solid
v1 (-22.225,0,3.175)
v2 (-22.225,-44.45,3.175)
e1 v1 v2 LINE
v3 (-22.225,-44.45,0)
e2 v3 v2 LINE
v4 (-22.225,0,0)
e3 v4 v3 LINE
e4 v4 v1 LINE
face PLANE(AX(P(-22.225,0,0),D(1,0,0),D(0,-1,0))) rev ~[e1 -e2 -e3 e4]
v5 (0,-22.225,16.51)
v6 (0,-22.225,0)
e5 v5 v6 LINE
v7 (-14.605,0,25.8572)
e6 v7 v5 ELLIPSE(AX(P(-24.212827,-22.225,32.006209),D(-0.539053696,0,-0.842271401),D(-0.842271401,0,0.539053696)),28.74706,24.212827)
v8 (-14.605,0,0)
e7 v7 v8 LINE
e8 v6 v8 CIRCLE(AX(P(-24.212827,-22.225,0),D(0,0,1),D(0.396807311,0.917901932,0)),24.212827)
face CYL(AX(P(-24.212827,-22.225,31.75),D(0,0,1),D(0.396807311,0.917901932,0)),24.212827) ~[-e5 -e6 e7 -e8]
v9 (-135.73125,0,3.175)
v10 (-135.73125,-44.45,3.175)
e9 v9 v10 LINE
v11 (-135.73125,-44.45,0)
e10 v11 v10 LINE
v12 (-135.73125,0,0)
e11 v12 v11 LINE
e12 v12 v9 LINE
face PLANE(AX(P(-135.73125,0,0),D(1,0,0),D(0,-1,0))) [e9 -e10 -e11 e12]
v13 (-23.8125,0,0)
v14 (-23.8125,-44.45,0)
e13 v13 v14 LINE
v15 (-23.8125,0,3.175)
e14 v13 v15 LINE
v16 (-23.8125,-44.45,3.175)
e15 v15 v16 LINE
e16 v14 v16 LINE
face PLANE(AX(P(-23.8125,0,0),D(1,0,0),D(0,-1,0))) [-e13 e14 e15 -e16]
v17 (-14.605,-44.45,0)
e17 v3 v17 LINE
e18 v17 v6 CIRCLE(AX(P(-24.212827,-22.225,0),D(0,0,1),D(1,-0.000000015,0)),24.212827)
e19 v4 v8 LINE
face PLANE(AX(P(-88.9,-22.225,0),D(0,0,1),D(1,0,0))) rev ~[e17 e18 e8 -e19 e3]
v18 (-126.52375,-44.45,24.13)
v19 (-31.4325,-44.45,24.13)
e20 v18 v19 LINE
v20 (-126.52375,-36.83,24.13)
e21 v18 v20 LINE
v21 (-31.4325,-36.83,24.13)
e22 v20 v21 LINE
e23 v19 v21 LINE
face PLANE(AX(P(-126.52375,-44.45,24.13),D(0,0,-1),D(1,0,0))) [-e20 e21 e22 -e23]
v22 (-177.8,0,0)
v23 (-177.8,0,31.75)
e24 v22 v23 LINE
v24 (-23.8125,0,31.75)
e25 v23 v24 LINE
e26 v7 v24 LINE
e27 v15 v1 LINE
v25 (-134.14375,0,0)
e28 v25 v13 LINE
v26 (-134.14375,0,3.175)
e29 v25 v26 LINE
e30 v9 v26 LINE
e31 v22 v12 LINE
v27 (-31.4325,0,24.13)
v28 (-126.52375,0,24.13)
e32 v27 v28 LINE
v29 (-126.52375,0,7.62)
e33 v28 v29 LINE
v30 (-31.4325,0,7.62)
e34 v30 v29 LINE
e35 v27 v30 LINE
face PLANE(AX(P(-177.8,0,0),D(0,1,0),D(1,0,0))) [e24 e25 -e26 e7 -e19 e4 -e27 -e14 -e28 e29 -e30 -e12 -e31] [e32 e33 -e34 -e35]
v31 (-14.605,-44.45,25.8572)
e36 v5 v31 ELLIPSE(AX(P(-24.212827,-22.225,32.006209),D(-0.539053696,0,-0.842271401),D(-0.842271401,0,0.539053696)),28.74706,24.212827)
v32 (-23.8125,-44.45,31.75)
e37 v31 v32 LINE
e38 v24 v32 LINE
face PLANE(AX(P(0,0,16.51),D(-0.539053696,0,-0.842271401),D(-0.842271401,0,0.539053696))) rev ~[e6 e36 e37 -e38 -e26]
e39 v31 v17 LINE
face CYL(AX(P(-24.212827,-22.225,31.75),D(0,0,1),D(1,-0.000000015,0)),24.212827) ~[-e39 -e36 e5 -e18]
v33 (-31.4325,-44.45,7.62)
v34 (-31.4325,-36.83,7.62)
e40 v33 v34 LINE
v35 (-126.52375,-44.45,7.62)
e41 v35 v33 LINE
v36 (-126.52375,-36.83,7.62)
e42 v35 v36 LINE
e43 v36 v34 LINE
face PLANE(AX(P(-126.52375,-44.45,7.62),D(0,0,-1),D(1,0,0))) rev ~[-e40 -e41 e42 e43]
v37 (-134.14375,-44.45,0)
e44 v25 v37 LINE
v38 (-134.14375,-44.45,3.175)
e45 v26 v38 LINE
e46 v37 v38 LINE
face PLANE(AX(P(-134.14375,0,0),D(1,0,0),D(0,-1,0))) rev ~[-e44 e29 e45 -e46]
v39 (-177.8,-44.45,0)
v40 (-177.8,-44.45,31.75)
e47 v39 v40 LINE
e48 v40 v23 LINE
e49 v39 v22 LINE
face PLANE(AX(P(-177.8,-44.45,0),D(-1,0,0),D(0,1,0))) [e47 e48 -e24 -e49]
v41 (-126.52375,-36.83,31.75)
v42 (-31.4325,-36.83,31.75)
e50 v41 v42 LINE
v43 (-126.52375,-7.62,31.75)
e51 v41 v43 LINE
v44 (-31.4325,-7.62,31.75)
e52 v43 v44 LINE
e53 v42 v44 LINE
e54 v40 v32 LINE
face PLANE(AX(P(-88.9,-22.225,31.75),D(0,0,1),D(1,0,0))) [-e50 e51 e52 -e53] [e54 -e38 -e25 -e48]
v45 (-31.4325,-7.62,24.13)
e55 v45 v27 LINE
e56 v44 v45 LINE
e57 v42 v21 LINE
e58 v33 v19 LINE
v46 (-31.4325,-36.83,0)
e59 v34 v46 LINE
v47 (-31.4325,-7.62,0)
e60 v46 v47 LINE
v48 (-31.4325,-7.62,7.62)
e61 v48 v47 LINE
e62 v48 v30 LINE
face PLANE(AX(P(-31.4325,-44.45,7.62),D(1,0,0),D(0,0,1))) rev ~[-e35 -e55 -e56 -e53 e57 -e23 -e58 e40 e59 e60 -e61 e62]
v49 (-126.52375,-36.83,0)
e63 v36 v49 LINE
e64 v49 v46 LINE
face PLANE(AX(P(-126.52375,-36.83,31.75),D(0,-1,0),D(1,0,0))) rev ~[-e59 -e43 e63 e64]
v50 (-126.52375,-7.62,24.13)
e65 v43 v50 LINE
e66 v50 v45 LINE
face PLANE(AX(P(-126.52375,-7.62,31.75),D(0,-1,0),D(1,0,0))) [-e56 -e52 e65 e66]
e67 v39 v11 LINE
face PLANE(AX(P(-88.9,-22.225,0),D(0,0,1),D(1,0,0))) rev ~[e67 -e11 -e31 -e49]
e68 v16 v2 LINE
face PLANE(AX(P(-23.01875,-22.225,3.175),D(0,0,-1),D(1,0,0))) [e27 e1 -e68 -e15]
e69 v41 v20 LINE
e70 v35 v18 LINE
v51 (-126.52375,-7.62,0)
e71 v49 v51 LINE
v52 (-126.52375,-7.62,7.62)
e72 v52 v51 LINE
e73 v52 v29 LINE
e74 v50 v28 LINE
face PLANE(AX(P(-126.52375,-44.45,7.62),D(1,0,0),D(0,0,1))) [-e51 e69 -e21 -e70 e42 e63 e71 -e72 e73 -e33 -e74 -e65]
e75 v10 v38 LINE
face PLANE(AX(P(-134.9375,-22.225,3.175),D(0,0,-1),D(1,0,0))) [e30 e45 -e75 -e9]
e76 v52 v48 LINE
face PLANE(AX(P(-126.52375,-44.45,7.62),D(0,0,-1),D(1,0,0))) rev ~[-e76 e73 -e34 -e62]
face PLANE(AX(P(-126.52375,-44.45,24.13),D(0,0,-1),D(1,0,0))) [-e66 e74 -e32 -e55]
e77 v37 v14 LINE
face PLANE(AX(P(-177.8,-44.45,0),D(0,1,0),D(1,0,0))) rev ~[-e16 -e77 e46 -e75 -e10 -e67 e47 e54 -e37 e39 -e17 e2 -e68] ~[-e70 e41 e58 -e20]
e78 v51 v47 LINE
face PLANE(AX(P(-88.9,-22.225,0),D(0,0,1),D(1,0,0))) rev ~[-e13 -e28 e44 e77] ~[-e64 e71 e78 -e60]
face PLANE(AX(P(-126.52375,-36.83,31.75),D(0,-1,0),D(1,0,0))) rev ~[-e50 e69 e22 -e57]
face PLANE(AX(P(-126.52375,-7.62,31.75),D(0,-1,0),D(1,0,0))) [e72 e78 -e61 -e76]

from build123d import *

# Parameters (mm, degrees)
F0_W      = 177.8
F0_H      = 44.45
F1_DEPTH  = 31.75
F2_W      = 1.5875
F2_H      = 44.45
F3_DEPTH  = 3.175
F4_W      = 95.09125
F4_H      = 29.21
F5_DEPTH  = 31.751
F6_W      = 95.09125
F6_H      = 16.51
F7_DEPTH  = 44.451
F9_DEPTH  = 31.751
F11_DEPTH = 44.451


with BuildPart() as f1:
    # F0 (on Top) → F1 (new body)
    with BuildSketch(Plane.XY):
        with Locations((-88.9, -22.225)):
            Rectangle(F0_W, F0_H)
    extrude(amount=F1_DEPTH)

    # F2 (on face) → F3 (cut)
    with BuildSketch(Plane(origin=(0, 0, 0), x_dir=(1, 0, 0), z_dir=(0, 0, -1))):
        with Locations((-23.01875, 22.225)):
            Rectangle(F2_W, F2_H)
        with Locations((-134.9375, 22.225)):
            Rectangle(F2_W, F2_H)
    extrude(amount=-F3_DEPTH, mode=Mode.SUBTRACT)

    # F4 (on face) → F5 (cut, through all)
    with BuildSketch(Plane.XY.offset(31.75)):
        with Locations((-78.978125, -22.225)):
            Rectangle(F4_W, F4_H)
    extrude(amount=-F5_DEPTH, mode=Mode.SUBTRACT)

    # F6 (on face) → F7 (cut, through all)
    with BuildSketch(Plane.XZ.offset(44.45)):
        with Locations((-78.978125, 15.875)):
            Rectangle(F6_W, F6_H)
    extrude(amount=-F7_DEPTH, mode=Mode.SUBTRACT)

    # F8 (on face) → F9 (cut, through all)
    with BuildSketch(Plane.XY.offset(31.75)):
        with BuildLine():
            ThreePointArc((-14.605, 0), (-3.978035, -8.927851), (0, -22.225))
            Line((0, -22.225), (0, 0))
            Line((0, 0), (-14.605, 0))
        make_face()
        with BuildLine():
            ThreePointArc((0, -22.225), (-3.978035, -35.522149), (-14.605, -44.45))
            Line((-14.605, -44.45), (0, -44.45))
            Line((0, -44.45), (0, -22.225))
        make_face()
    extrude(amount=-F9_DEPTH, mode=Mode.SUBTRACT)

    # F10 (on face) → F11 (cut, through all)
    with BuildSketch(Plane(origin=(0, 0, 0), x_dir=(-1, 0, 0), z_dir=(0, 1, 0))):
        Polygon((0, 16.51), (23.8125, 31.75), (0, 31.75), align=None)
    extrude(amount=-F11_DEPTH, mode=Mode.SUBTRACT)


solid = f1.part
